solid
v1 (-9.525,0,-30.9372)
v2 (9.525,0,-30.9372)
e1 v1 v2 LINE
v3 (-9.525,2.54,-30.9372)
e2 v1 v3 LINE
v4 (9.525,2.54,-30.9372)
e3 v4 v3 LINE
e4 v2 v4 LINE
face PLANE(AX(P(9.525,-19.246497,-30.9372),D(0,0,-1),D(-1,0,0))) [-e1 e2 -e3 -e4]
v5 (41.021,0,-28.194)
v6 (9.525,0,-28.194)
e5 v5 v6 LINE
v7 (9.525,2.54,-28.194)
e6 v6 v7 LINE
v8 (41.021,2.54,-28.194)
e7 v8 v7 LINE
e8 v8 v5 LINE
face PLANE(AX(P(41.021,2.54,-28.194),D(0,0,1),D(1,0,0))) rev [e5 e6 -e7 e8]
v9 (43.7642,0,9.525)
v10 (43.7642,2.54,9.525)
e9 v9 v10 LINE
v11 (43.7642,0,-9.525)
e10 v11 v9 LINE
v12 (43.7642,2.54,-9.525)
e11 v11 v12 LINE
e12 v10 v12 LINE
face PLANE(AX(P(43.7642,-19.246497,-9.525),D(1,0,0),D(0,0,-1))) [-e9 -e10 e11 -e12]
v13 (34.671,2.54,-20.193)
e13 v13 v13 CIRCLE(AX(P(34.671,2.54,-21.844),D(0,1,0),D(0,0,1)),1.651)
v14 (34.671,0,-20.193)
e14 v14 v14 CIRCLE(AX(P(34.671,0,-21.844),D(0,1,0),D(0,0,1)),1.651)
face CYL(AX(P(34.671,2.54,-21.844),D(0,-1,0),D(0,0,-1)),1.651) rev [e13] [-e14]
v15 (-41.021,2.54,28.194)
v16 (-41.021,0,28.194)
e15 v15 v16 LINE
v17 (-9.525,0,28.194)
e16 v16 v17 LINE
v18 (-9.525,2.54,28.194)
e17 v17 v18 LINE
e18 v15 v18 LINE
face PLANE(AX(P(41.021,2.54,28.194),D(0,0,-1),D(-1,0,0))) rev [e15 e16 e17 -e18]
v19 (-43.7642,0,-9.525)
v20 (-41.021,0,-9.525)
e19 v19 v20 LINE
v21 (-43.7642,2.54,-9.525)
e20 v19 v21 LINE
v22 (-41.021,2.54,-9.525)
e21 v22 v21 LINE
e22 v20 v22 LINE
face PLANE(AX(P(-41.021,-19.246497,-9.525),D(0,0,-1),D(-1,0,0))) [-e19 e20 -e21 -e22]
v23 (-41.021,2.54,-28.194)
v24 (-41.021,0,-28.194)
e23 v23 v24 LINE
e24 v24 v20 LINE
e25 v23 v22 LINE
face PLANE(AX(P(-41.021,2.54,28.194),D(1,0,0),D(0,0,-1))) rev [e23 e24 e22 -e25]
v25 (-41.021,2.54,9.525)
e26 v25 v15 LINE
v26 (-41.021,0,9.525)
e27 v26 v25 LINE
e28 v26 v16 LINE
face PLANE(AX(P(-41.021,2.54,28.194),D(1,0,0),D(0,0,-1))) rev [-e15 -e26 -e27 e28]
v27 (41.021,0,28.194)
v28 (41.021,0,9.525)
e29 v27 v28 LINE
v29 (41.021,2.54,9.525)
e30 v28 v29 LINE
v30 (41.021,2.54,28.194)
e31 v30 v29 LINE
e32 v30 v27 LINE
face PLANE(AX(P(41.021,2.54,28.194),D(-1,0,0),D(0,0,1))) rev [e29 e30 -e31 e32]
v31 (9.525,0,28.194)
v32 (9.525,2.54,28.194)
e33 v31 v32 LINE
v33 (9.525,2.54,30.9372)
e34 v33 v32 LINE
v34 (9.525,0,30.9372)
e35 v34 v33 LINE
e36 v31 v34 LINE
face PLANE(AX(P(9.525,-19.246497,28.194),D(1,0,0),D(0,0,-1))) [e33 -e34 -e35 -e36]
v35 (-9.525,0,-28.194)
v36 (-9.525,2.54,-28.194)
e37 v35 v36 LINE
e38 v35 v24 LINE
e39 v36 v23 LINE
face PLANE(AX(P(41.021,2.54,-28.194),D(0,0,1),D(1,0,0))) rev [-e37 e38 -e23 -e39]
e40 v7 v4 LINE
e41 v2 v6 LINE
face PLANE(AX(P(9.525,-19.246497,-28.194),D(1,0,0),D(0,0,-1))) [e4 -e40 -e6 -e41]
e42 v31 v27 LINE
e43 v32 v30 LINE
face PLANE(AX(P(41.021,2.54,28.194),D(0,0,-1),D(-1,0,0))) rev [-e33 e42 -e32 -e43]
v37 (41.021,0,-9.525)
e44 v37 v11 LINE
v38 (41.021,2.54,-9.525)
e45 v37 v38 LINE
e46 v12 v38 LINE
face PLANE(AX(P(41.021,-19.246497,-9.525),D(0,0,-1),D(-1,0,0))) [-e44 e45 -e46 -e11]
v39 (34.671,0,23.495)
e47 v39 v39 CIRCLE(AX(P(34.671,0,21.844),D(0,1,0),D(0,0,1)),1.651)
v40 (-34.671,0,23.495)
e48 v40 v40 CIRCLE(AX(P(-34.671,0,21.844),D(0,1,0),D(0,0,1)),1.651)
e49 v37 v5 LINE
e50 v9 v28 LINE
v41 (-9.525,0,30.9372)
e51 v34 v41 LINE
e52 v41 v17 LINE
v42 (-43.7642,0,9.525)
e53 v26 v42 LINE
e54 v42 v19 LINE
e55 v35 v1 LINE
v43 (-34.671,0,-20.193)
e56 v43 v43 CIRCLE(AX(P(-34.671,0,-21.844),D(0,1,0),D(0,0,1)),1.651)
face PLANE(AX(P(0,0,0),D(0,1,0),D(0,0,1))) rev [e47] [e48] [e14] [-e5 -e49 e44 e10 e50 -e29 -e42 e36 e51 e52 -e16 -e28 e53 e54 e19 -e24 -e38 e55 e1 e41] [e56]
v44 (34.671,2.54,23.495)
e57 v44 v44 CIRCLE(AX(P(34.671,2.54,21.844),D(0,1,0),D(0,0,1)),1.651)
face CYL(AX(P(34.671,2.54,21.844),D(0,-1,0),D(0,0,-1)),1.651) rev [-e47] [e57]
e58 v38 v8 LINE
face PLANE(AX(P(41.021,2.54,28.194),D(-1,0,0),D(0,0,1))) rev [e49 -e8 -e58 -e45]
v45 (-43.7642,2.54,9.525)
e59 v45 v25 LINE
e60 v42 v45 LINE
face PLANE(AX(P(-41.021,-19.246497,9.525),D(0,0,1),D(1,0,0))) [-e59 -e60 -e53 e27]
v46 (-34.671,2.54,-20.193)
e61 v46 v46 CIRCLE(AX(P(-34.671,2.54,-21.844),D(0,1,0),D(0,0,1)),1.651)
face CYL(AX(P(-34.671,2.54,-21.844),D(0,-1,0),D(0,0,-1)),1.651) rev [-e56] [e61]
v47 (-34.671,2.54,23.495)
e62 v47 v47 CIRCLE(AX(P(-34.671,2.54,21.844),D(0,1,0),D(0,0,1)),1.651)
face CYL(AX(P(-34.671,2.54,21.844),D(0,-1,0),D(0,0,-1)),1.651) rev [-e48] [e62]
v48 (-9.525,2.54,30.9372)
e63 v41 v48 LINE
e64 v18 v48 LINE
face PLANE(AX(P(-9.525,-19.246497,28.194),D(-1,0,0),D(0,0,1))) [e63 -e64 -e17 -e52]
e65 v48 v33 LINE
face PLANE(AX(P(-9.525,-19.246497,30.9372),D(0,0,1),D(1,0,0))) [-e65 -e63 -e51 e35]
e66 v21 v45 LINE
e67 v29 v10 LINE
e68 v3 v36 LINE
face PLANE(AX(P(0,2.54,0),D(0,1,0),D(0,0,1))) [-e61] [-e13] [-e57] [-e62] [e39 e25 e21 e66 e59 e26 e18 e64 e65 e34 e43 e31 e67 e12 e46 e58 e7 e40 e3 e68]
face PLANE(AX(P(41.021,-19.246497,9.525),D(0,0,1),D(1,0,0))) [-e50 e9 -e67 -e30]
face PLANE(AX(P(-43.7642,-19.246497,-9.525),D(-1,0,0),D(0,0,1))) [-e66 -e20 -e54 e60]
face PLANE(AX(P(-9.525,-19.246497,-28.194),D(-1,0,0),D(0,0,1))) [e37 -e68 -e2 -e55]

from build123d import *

# Parameters (mm, degrees)
SKETCH1_W           = 82.042
SKETCH1_H           = 56.388
SKETCH1_R           = 1.651
BOSS_EXTRUDE1_DEPTH = 2.54
SKETCH2_W           = 19.05
SKETCH2_H           = 2.7432
SKETCH2_W_2         = 2.7432
SKETCH2_H_2         = 19.05
BOSS_EXTRUDE2_DEPTH = 2.54


with BuildPart() as part:
    # Sketch1 → Boss-Extrude1 (new body)
    with BuildSketch(Plane(origin=(0, 0, 0), x_dir=(1, 0, 0), z_dir=(0, 1, 0))):
        Rectangle(SKETCH1_W, SKETCH1_H)
        with Locations((-34.671, 21.844)):
            Circle(SKETCH1_R, mode=Mode.SUBTRACT)
        with Locations((-34.671, -21.844)):
            Circle(SKETCH1_R, mode=Mode.SUBTRACT)
        with Locations((34.671, -21.844)):
            Circle(SKETCH1_R, mode=Mode.SUBTRACT)
        with Locations((34.671, 21.844)):
            Circle(SKETCH1_R, mode=Mode.SUBTRACT)
    extrude(amount=BOSS_EXTRUDE1_DEPTH)

    # Sketch2 → Boss-Extrude2 (add)
    with BuildSketch(Plane(origin=(0, 2.54, 0), x_dir=(1, 0, 0), z_dir=(0, 1, 0))):
        with Locations((0, 29.5656)):
            Rectangle(SKETCH2_W, SKETCH2_H)
        with Locations((0, -29.5656)):
            Rectangle(SKETCH2_W, SKETCH2_H)
        with Locations((42.3926, 0)):
            Rectangle(SKETCH2_W_2, SKETCH2_H_2)
        with Locations((-42.3926, 0)):
            Rectangle(SKETCH2_W_2, SKETCH2_H_2)
    extrude(amount=-BOSS_EXTRUDE2_DEPTH)


solid = part.part
